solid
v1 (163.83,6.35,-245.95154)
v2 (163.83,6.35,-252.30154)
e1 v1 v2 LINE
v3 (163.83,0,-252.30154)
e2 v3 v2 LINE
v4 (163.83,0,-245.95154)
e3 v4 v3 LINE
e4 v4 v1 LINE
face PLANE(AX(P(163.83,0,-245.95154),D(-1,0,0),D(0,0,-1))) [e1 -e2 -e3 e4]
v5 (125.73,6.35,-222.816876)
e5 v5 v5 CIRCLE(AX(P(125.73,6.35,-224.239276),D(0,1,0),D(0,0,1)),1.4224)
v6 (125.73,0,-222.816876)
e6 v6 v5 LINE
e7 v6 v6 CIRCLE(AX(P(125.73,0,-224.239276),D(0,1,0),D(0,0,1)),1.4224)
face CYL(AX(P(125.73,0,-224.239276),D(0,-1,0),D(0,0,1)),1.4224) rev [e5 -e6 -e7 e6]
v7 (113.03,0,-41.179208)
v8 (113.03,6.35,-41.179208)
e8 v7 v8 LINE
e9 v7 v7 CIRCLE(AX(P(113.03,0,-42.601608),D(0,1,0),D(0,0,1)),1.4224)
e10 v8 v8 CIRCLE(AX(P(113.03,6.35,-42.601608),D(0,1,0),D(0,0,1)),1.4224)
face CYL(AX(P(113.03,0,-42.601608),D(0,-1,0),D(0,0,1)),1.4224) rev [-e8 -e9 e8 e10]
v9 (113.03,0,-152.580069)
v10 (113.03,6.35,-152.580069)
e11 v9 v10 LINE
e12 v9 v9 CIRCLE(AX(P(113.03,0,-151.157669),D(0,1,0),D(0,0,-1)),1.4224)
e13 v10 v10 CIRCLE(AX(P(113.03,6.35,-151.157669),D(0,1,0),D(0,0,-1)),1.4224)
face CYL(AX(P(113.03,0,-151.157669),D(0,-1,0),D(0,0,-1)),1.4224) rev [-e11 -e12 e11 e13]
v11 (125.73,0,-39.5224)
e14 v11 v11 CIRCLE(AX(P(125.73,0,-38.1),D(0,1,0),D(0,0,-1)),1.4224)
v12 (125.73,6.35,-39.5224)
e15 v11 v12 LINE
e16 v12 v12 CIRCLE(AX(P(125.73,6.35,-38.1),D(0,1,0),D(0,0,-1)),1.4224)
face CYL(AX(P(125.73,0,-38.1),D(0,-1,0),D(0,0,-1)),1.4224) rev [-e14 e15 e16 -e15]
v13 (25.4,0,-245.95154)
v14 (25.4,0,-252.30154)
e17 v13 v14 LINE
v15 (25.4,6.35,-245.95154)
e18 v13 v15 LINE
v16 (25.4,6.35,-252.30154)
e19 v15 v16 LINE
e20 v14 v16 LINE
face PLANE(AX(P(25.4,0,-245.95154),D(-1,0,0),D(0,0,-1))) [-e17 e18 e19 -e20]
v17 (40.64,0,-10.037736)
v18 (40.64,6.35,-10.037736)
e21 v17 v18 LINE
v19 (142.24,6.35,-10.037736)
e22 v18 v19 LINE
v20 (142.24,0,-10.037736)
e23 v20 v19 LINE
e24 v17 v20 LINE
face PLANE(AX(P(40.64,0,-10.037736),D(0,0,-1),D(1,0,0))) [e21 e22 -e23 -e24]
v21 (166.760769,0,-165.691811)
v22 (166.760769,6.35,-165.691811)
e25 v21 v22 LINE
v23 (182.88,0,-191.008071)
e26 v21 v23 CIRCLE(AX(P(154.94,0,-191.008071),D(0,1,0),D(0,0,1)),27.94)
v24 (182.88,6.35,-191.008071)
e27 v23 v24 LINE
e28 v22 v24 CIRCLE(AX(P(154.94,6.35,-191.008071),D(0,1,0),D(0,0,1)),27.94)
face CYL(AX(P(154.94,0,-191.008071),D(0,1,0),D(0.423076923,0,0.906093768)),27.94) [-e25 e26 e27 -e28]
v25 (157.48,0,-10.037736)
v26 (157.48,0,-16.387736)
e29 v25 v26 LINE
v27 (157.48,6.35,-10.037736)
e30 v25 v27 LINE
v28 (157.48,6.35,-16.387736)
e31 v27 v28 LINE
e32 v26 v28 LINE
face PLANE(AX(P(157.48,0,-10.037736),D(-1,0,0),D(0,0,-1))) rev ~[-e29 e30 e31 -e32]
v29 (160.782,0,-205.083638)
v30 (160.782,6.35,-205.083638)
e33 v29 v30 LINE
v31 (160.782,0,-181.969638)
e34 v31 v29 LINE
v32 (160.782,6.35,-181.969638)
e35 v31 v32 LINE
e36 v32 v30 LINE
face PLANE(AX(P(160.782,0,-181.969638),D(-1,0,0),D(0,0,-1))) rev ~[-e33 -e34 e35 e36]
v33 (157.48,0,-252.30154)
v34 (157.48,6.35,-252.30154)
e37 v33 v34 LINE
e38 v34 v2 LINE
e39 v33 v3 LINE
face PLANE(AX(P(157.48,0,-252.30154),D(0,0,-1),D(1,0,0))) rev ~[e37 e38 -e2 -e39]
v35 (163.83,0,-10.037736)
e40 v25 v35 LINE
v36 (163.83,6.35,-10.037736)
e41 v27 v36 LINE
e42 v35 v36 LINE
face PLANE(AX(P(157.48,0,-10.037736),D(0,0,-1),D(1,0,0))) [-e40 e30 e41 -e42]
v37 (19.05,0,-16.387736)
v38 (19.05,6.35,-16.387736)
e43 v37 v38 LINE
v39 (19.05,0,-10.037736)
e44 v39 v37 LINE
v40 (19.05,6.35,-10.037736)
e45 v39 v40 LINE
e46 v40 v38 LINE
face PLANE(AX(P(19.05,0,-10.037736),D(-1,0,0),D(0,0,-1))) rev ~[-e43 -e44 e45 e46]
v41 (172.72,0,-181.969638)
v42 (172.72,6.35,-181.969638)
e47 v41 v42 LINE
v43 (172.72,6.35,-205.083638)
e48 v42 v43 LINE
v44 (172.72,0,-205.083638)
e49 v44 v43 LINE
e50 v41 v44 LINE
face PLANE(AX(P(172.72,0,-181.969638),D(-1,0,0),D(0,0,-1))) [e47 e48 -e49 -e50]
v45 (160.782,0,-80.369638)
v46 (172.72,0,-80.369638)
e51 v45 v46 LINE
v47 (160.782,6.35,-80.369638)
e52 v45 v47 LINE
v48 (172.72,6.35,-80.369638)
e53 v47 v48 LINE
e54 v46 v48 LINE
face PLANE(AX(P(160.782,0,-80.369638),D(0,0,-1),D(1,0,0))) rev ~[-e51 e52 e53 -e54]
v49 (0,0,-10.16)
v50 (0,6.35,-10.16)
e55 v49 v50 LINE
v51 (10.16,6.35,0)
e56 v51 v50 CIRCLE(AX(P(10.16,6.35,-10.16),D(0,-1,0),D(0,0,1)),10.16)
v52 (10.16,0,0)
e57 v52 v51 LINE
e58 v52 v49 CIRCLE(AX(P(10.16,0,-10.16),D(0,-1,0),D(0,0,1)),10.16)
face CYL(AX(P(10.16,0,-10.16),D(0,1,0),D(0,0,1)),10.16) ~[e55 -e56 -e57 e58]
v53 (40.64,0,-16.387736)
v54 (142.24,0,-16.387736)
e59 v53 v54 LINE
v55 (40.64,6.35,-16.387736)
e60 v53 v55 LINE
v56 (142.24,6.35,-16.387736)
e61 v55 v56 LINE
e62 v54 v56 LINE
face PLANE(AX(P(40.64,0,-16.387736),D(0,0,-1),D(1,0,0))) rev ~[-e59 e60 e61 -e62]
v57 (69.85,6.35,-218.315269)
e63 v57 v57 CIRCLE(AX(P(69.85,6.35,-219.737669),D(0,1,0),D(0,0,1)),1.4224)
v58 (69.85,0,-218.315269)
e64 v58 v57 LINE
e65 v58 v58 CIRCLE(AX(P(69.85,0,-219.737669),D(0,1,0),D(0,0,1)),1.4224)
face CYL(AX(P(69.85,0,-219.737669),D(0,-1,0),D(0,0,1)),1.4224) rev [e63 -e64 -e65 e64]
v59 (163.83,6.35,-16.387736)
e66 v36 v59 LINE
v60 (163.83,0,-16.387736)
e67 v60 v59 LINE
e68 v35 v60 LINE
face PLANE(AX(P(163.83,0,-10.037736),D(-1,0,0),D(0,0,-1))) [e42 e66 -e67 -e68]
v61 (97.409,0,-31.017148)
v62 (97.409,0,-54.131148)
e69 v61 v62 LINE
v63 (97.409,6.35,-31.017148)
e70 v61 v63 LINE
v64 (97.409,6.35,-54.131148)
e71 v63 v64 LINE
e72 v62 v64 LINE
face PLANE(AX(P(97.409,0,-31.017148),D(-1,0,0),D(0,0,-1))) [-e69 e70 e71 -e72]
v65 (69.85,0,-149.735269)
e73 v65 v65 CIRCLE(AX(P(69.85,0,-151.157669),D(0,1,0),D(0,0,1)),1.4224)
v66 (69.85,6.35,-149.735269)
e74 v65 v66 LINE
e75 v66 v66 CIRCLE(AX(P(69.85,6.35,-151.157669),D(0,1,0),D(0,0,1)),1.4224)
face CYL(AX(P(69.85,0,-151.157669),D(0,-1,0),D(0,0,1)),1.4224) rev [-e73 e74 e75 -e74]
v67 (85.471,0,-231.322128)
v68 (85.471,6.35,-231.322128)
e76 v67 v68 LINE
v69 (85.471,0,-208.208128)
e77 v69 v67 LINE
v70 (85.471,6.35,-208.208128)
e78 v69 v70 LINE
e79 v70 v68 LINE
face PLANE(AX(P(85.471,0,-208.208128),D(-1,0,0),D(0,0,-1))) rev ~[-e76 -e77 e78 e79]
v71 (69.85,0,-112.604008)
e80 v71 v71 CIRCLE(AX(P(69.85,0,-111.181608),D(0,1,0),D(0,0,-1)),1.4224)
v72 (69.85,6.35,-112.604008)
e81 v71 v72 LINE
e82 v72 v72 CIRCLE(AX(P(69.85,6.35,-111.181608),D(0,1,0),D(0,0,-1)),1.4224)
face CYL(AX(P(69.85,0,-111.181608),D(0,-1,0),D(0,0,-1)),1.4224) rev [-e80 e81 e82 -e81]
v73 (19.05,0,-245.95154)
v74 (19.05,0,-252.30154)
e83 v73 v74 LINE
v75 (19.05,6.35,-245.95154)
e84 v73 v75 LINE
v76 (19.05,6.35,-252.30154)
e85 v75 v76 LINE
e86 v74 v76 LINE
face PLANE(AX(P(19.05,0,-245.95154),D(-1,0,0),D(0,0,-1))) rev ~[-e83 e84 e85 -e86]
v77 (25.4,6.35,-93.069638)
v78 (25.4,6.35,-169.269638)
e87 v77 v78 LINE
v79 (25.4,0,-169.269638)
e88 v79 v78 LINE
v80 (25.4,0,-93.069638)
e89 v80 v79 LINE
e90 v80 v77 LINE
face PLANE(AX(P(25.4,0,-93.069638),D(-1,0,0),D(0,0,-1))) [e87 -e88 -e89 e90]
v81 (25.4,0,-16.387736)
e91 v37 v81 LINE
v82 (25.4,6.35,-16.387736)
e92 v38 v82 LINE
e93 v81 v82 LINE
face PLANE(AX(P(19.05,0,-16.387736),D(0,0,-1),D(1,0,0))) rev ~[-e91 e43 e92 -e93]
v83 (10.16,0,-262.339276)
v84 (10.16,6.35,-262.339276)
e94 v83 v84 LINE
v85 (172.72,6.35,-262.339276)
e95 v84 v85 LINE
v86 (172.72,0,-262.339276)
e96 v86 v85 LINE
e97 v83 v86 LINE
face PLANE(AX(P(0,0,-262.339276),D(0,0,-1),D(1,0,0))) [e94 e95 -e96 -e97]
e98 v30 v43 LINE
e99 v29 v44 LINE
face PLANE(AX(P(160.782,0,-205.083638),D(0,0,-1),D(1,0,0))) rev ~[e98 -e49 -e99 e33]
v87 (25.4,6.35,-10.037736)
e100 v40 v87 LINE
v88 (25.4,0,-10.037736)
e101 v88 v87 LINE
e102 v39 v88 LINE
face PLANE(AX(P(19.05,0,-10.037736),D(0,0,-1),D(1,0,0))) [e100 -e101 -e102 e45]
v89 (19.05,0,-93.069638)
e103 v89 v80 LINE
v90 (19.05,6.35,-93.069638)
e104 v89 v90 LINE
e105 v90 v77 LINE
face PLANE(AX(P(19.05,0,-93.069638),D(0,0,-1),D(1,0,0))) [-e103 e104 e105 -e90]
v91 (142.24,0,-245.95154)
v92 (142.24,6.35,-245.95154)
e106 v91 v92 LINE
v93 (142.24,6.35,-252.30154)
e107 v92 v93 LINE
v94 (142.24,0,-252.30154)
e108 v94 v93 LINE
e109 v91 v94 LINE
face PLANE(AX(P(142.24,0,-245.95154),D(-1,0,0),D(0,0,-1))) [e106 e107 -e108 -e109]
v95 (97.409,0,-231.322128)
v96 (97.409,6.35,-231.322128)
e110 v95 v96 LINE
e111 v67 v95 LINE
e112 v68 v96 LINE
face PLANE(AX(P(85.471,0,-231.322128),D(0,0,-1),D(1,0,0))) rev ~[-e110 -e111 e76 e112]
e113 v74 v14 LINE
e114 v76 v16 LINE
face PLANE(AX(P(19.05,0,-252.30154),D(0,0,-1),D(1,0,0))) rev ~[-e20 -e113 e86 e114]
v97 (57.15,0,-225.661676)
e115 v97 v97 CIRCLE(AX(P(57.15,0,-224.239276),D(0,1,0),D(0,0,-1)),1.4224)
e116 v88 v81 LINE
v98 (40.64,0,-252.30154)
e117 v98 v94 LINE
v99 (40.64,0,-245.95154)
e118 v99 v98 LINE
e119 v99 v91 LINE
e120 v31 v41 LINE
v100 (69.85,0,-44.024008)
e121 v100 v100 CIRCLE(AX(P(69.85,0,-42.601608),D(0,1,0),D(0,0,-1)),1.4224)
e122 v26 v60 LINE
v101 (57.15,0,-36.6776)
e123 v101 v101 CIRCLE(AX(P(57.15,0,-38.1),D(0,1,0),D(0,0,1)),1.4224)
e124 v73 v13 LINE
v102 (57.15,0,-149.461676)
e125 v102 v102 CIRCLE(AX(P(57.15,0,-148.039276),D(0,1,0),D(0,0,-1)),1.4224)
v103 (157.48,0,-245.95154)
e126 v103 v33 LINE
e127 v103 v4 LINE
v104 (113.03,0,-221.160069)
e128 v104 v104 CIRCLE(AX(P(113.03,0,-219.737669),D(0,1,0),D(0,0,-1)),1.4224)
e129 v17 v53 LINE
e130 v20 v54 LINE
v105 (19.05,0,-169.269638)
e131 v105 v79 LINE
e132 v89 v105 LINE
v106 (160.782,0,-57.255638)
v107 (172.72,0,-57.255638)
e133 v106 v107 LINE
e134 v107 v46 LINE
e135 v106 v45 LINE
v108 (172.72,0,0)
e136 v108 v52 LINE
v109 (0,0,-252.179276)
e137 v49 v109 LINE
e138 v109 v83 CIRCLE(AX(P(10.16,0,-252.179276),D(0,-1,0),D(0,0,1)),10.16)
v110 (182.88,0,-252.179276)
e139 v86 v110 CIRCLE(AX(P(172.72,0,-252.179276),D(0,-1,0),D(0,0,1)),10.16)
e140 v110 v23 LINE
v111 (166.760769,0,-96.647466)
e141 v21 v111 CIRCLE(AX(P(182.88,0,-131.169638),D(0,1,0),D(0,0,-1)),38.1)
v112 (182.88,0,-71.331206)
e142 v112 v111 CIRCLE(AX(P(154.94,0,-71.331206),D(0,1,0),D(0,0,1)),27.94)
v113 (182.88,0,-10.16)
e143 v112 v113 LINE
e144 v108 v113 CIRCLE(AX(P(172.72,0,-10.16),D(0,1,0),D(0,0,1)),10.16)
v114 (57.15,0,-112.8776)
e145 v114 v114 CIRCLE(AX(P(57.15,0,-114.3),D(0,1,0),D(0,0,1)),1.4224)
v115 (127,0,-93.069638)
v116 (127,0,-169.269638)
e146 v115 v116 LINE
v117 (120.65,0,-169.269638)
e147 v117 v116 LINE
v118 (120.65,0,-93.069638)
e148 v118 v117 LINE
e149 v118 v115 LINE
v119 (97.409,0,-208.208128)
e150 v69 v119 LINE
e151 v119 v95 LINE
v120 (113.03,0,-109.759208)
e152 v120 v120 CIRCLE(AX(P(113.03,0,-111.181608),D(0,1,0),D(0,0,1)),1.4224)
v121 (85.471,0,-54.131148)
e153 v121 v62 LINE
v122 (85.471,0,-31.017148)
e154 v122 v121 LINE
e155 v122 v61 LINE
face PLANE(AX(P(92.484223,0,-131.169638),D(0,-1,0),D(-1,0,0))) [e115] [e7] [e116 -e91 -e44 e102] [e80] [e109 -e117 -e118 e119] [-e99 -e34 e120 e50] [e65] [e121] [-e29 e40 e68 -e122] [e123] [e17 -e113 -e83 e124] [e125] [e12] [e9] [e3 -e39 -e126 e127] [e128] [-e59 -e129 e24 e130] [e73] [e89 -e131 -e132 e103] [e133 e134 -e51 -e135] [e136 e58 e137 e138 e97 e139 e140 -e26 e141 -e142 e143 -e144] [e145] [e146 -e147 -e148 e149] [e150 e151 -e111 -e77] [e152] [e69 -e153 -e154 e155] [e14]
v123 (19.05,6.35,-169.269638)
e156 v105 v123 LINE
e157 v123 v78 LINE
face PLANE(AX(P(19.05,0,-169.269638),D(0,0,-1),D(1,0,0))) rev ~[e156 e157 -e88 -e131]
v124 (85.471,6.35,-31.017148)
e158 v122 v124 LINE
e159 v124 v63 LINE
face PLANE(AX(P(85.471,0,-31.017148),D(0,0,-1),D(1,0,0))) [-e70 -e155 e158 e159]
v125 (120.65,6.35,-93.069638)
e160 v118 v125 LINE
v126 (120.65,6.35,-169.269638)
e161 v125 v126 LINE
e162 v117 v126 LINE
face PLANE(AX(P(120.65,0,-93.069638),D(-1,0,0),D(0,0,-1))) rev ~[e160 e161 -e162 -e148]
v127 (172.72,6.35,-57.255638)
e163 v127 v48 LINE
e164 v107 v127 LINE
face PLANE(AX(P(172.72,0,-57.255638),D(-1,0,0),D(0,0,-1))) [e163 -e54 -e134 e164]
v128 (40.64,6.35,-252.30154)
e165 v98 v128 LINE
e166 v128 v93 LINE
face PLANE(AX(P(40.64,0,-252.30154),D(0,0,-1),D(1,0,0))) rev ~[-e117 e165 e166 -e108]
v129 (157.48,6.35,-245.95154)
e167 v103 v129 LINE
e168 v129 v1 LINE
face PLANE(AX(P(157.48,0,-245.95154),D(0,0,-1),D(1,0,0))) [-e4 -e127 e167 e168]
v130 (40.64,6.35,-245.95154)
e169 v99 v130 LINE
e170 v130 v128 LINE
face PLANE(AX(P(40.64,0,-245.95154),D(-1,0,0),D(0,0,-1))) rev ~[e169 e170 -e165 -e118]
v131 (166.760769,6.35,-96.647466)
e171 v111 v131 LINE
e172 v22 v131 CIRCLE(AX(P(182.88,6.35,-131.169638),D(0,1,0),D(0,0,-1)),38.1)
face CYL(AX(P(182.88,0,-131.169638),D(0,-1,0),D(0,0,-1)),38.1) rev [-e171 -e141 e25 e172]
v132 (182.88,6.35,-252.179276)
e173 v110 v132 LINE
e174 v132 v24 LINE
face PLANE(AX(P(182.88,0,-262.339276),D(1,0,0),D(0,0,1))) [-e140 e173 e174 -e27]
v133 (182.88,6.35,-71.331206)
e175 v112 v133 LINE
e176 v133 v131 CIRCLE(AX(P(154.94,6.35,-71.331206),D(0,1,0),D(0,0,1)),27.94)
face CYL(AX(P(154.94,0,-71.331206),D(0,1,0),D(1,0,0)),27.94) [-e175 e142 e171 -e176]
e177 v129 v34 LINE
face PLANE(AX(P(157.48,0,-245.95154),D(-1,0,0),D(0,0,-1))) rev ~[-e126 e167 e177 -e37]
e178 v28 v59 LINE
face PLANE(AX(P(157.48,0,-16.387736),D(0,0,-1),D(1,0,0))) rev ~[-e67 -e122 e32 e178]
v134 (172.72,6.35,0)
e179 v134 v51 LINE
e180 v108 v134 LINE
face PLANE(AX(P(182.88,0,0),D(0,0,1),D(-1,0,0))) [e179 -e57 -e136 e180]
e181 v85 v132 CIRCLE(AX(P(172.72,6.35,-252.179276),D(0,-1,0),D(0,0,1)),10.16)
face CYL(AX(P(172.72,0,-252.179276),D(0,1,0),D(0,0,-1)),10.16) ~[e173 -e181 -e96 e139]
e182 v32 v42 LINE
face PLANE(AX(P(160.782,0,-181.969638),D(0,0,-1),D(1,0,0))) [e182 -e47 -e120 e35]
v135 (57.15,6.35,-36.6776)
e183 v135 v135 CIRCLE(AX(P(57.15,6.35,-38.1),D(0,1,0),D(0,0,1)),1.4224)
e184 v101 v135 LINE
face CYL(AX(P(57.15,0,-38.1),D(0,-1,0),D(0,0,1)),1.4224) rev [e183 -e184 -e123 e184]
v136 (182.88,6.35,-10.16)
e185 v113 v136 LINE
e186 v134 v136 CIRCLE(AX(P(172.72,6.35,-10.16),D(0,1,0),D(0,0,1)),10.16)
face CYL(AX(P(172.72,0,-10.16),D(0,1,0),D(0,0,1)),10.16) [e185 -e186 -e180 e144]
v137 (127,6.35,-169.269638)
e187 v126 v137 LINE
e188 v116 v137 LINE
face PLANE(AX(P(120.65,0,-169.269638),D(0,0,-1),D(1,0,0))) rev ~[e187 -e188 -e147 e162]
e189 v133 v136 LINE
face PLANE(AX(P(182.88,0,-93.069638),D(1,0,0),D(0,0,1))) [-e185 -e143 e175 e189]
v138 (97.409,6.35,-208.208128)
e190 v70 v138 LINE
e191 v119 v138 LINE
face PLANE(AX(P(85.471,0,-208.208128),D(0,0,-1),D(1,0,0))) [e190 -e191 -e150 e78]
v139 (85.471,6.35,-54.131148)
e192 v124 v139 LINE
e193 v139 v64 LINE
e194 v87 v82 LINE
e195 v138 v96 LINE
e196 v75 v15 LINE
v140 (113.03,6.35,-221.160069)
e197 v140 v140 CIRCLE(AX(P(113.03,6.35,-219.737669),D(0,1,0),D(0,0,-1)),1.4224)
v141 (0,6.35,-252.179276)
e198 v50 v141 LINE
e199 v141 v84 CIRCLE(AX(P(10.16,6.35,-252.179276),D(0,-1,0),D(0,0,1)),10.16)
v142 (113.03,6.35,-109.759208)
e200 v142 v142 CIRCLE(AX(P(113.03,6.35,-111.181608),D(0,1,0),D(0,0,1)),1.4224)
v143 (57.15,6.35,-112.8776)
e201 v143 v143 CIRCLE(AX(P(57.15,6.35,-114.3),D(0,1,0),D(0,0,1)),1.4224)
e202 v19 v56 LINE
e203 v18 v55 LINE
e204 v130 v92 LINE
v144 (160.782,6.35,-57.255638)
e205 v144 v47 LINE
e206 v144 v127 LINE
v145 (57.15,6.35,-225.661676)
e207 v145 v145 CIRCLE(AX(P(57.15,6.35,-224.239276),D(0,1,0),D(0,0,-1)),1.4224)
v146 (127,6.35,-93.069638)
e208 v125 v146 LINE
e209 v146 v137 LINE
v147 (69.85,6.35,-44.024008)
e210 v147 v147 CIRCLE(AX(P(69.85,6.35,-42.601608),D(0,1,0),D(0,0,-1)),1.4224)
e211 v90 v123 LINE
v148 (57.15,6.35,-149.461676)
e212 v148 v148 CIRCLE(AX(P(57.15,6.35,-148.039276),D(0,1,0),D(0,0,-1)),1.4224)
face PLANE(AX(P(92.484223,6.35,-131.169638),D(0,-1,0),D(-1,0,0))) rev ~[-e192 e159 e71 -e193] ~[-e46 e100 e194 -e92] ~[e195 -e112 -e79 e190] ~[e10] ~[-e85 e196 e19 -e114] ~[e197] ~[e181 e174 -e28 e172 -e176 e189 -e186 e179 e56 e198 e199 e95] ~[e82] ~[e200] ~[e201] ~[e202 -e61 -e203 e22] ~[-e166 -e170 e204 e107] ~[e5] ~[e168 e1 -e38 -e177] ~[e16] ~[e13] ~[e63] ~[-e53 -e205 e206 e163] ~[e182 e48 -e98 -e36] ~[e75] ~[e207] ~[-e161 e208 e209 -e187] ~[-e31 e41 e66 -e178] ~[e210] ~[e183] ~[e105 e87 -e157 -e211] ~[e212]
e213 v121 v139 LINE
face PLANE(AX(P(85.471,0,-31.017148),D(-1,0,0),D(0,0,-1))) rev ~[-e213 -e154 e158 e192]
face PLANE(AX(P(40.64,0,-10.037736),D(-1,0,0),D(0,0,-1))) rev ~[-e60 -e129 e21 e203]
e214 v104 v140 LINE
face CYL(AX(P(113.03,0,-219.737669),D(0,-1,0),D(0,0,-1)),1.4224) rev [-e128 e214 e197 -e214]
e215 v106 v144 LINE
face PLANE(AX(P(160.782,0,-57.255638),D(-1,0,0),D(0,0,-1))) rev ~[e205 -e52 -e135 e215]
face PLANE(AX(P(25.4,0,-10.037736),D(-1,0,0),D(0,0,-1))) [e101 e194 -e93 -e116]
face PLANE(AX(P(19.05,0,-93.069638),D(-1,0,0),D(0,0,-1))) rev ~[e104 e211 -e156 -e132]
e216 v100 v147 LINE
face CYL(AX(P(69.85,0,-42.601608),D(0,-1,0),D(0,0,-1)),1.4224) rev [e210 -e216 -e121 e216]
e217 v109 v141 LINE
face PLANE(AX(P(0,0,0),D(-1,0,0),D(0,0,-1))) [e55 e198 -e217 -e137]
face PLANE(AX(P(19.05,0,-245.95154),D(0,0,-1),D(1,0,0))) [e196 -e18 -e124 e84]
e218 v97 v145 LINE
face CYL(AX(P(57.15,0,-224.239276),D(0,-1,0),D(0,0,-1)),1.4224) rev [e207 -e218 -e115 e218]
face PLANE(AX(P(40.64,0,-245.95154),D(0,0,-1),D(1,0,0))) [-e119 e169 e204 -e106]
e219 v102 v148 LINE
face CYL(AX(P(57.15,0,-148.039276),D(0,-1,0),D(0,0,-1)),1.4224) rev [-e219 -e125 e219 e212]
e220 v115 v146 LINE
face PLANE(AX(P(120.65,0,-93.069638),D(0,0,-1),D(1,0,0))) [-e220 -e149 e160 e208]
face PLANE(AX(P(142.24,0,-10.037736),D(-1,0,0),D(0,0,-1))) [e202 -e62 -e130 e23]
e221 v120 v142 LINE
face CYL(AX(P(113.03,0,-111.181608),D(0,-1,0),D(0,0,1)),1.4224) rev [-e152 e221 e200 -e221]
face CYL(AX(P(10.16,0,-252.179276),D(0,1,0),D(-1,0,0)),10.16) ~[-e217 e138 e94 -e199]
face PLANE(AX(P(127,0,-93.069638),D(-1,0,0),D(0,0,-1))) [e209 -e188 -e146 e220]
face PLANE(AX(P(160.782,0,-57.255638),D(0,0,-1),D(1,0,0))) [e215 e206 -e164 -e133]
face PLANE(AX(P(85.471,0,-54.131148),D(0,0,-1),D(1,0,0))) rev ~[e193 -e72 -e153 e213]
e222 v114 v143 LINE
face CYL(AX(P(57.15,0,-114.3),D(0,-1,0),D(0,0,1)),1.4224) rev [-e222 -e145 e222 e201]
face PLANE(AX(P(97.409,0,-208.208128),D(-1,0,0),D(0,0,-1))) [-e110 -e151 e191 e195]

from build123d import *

# Parameters (mm, degrees)
SKETCH3_R           = 1.4224
SKETCH3_W           = 6.35
SKETCH3_H           = 6.35
SKETCH3_W_2         = 11.938
SKETCH3_H_2         = 23.114
SKETCH3_W_3         = 101.6
SKETCH3_H_3         = 76.2
BOSS_EXTRUDE1_DEPTH = 6.35
FILLET1_R           = 10.16
FILLET2_R           = 27.94


with BuildPart() as part:
    # Sketch3 → Boss-Extrude1 (new body)
    with BuildSketch(Plane(origin=(0, 0, 0), x_dir=(1, 0, 0), z_dir=(0, 1, 0))):
        with BuildLine():
            Line((182.88, 0), (0, 0))
            Line((0, 0), (0, 262.339276313))
            Line((0, 262.339276313), (182.88, 262.339276313))
            Line((182.88, 262.339276313), (182.88, 169.269638157))
            ThreePointArc((182.88, 169.269638157), (144.78, 131.169638157), (182.88, 93.069638157))
            Line((182.88, 93.069638157), (182.88, 0))
        make_face()
        with Locations(Location((57.15, 38.1, 0), (0, 0, 270))):
            Circle(SKETCH3_R, mode=Mode.SUBTRACT)
        with Locations(Location((57.15, 114.3, 0), (0, 0, 270))):
            Circle(SKETCH3_R, mode=Mode.SUBTRACT)
        with Locations(Location((125.73, 38.1, 0), (0, 0, 90))):
            Circle(SKETCH3_R, mode=Mode.SUBTRACT)
        with Locations(Location((69.85, 151.157668748, 0), (0, 0, 270))):
            Circle(SKETCH3_R, mode=Mode.SUBTRACT)
        with Locations(Location((69.85, 219.737668748, 0), (0, 0, 270))):
            Circle(SKETCH3_R, mode=Mode.SUBTRACT)
        with Locations(Location((113.03, 151.157668748, 0), (0, 0, 90))):
            Circle(SKETCH3_R, mode=Mode.SUBTRACT)
        with Locations(Location((113.03, 219.737668748, 0), (0, 0, 90))):
            Circle(SKETCH3_R, mode=Mode.SUBTRACT)
        with Locations(Location((113.03, 42.601607565, 0), (0, 0, 270))):
            Circle(SKETCH3_R, mode=Mode.SUBTRACT)
        with Locations(Location((113.03, 111.181607565, 0), (0, 0, 270))):
            Circle(SKETCH3_R, mode=Mode.SUBTRACT)
        with Locations(Location((69.85, 111.181607565, 0), (0, 0, 90))):
            Circle(SKETCH3_R, mode=Mode.SUBTRACT)
        with Locations(Location((69.85, 42.601607565, 0), (0, 0, 90))):
            Circle(SKETCH3_R, mode=Mode.SUBTRACT)
        with Locations(Location((125.73, 224.239276313, 0), (0, 0, 270))):
            Circle(SKETCH3_R, mode=Mode.SUBTRACT)
        with Locations(Location((57.15, 224.239276313, 0), (0, 0, 90))):
            Circle(SKETCH3_R, mode=Mode.SUBTRACT)
        with Locations(Location((57.15, 148.039276313, 0), (0, 0, 90))):
            Circle(SKETCH3_R, mode=Mode.SUBTRACT)
        with Locations((22.225, 13.212735966)):
            Rectangle(SKETCH3_W, SKETCH3_H, mode=Mode.SUBTRACT)
        with Locations((160.655, 13.212735966)):
            Rectangle(SKETCH3_W, SKETCH3_H, mode=Mode.SUBTRACT)
        with Locations((160.655, 249.126540348)):
            Rectangle(SKETCH3_W, SKETCH3_H, mode=Mode.SUBTRACT)
        with Locations((22.225, 249.126540348)):
            Rectangle(SKETCH3_W, SKETCH3_H, mode=Mode.SUBTRACT)
        with Locations((166.751, 193.526638157)):
            Rectangle(SKETCH3_W_2, SKETCH3_H_2, mode=Mode.SUBTRACT)
        with Locations((166.751, 68.812638157)):
            Rectangle(SKETCH3_W_2, SKETCH3_H_2, mode=Mode.SUBTRACT)
        with Locations((91.44, 249.126540348)):
            Rectangle(SKETCH3_W_3, SKETCH3_H, mode=Mode.SUBTRACT)
        with Locations((91.44, 13.212735966)):
            Rectangle(SKETCH3_W_3, SKETCH3_H, mode=Mode.SUBTRACT)
        with Locations((123.825, 131.169638157)):
            Rectangle(SKETCH3_W, SKETCH3_H_3, mode=Mode.SUBTRACT)
        with Locations((22.225, 131.169638157)):
            Rectangle(SKETCH3_W, SKETCH3_H_3, mode=Mode.SUBTRACT)
        with Locations((91.44, 42.57414812)):
            Rectangle(SKETCH3_W_2, SKETCH3_H_2, mode=Mode.SUBTRACT)
        with Locations((91.44, 219.765128193)):
            Rectangle(SKETCH3_W_2, SKETCH3_H_2, mode=Mode.SUBTRACT)
    extrude(amount=BOSS_EXTRUDE1_DEPTH)

    # Fillet1
    fillet1_edges = [part.edges().sort_by_distance(p)[0] for p in [
        (0, 3.175, -262.339276313),
        (182.88, 3.175, -262.339276313),
        (182.88, 3.175, 0),
        (0, 3.175, 0),
    ]]
    fillet(fillet1_edges, radius=FILLET1_R)

    # Fillet2
    fillet2_edges = [part.edges().sort_by_distance(p)[0] for p in [
        (182.88, 3.175, -169.269638157),
        (182.88, 3.175, -93.069638157),
    ]]
    fillet(fillet2_edges, radius=FILLET2_R)


solid = part.part
